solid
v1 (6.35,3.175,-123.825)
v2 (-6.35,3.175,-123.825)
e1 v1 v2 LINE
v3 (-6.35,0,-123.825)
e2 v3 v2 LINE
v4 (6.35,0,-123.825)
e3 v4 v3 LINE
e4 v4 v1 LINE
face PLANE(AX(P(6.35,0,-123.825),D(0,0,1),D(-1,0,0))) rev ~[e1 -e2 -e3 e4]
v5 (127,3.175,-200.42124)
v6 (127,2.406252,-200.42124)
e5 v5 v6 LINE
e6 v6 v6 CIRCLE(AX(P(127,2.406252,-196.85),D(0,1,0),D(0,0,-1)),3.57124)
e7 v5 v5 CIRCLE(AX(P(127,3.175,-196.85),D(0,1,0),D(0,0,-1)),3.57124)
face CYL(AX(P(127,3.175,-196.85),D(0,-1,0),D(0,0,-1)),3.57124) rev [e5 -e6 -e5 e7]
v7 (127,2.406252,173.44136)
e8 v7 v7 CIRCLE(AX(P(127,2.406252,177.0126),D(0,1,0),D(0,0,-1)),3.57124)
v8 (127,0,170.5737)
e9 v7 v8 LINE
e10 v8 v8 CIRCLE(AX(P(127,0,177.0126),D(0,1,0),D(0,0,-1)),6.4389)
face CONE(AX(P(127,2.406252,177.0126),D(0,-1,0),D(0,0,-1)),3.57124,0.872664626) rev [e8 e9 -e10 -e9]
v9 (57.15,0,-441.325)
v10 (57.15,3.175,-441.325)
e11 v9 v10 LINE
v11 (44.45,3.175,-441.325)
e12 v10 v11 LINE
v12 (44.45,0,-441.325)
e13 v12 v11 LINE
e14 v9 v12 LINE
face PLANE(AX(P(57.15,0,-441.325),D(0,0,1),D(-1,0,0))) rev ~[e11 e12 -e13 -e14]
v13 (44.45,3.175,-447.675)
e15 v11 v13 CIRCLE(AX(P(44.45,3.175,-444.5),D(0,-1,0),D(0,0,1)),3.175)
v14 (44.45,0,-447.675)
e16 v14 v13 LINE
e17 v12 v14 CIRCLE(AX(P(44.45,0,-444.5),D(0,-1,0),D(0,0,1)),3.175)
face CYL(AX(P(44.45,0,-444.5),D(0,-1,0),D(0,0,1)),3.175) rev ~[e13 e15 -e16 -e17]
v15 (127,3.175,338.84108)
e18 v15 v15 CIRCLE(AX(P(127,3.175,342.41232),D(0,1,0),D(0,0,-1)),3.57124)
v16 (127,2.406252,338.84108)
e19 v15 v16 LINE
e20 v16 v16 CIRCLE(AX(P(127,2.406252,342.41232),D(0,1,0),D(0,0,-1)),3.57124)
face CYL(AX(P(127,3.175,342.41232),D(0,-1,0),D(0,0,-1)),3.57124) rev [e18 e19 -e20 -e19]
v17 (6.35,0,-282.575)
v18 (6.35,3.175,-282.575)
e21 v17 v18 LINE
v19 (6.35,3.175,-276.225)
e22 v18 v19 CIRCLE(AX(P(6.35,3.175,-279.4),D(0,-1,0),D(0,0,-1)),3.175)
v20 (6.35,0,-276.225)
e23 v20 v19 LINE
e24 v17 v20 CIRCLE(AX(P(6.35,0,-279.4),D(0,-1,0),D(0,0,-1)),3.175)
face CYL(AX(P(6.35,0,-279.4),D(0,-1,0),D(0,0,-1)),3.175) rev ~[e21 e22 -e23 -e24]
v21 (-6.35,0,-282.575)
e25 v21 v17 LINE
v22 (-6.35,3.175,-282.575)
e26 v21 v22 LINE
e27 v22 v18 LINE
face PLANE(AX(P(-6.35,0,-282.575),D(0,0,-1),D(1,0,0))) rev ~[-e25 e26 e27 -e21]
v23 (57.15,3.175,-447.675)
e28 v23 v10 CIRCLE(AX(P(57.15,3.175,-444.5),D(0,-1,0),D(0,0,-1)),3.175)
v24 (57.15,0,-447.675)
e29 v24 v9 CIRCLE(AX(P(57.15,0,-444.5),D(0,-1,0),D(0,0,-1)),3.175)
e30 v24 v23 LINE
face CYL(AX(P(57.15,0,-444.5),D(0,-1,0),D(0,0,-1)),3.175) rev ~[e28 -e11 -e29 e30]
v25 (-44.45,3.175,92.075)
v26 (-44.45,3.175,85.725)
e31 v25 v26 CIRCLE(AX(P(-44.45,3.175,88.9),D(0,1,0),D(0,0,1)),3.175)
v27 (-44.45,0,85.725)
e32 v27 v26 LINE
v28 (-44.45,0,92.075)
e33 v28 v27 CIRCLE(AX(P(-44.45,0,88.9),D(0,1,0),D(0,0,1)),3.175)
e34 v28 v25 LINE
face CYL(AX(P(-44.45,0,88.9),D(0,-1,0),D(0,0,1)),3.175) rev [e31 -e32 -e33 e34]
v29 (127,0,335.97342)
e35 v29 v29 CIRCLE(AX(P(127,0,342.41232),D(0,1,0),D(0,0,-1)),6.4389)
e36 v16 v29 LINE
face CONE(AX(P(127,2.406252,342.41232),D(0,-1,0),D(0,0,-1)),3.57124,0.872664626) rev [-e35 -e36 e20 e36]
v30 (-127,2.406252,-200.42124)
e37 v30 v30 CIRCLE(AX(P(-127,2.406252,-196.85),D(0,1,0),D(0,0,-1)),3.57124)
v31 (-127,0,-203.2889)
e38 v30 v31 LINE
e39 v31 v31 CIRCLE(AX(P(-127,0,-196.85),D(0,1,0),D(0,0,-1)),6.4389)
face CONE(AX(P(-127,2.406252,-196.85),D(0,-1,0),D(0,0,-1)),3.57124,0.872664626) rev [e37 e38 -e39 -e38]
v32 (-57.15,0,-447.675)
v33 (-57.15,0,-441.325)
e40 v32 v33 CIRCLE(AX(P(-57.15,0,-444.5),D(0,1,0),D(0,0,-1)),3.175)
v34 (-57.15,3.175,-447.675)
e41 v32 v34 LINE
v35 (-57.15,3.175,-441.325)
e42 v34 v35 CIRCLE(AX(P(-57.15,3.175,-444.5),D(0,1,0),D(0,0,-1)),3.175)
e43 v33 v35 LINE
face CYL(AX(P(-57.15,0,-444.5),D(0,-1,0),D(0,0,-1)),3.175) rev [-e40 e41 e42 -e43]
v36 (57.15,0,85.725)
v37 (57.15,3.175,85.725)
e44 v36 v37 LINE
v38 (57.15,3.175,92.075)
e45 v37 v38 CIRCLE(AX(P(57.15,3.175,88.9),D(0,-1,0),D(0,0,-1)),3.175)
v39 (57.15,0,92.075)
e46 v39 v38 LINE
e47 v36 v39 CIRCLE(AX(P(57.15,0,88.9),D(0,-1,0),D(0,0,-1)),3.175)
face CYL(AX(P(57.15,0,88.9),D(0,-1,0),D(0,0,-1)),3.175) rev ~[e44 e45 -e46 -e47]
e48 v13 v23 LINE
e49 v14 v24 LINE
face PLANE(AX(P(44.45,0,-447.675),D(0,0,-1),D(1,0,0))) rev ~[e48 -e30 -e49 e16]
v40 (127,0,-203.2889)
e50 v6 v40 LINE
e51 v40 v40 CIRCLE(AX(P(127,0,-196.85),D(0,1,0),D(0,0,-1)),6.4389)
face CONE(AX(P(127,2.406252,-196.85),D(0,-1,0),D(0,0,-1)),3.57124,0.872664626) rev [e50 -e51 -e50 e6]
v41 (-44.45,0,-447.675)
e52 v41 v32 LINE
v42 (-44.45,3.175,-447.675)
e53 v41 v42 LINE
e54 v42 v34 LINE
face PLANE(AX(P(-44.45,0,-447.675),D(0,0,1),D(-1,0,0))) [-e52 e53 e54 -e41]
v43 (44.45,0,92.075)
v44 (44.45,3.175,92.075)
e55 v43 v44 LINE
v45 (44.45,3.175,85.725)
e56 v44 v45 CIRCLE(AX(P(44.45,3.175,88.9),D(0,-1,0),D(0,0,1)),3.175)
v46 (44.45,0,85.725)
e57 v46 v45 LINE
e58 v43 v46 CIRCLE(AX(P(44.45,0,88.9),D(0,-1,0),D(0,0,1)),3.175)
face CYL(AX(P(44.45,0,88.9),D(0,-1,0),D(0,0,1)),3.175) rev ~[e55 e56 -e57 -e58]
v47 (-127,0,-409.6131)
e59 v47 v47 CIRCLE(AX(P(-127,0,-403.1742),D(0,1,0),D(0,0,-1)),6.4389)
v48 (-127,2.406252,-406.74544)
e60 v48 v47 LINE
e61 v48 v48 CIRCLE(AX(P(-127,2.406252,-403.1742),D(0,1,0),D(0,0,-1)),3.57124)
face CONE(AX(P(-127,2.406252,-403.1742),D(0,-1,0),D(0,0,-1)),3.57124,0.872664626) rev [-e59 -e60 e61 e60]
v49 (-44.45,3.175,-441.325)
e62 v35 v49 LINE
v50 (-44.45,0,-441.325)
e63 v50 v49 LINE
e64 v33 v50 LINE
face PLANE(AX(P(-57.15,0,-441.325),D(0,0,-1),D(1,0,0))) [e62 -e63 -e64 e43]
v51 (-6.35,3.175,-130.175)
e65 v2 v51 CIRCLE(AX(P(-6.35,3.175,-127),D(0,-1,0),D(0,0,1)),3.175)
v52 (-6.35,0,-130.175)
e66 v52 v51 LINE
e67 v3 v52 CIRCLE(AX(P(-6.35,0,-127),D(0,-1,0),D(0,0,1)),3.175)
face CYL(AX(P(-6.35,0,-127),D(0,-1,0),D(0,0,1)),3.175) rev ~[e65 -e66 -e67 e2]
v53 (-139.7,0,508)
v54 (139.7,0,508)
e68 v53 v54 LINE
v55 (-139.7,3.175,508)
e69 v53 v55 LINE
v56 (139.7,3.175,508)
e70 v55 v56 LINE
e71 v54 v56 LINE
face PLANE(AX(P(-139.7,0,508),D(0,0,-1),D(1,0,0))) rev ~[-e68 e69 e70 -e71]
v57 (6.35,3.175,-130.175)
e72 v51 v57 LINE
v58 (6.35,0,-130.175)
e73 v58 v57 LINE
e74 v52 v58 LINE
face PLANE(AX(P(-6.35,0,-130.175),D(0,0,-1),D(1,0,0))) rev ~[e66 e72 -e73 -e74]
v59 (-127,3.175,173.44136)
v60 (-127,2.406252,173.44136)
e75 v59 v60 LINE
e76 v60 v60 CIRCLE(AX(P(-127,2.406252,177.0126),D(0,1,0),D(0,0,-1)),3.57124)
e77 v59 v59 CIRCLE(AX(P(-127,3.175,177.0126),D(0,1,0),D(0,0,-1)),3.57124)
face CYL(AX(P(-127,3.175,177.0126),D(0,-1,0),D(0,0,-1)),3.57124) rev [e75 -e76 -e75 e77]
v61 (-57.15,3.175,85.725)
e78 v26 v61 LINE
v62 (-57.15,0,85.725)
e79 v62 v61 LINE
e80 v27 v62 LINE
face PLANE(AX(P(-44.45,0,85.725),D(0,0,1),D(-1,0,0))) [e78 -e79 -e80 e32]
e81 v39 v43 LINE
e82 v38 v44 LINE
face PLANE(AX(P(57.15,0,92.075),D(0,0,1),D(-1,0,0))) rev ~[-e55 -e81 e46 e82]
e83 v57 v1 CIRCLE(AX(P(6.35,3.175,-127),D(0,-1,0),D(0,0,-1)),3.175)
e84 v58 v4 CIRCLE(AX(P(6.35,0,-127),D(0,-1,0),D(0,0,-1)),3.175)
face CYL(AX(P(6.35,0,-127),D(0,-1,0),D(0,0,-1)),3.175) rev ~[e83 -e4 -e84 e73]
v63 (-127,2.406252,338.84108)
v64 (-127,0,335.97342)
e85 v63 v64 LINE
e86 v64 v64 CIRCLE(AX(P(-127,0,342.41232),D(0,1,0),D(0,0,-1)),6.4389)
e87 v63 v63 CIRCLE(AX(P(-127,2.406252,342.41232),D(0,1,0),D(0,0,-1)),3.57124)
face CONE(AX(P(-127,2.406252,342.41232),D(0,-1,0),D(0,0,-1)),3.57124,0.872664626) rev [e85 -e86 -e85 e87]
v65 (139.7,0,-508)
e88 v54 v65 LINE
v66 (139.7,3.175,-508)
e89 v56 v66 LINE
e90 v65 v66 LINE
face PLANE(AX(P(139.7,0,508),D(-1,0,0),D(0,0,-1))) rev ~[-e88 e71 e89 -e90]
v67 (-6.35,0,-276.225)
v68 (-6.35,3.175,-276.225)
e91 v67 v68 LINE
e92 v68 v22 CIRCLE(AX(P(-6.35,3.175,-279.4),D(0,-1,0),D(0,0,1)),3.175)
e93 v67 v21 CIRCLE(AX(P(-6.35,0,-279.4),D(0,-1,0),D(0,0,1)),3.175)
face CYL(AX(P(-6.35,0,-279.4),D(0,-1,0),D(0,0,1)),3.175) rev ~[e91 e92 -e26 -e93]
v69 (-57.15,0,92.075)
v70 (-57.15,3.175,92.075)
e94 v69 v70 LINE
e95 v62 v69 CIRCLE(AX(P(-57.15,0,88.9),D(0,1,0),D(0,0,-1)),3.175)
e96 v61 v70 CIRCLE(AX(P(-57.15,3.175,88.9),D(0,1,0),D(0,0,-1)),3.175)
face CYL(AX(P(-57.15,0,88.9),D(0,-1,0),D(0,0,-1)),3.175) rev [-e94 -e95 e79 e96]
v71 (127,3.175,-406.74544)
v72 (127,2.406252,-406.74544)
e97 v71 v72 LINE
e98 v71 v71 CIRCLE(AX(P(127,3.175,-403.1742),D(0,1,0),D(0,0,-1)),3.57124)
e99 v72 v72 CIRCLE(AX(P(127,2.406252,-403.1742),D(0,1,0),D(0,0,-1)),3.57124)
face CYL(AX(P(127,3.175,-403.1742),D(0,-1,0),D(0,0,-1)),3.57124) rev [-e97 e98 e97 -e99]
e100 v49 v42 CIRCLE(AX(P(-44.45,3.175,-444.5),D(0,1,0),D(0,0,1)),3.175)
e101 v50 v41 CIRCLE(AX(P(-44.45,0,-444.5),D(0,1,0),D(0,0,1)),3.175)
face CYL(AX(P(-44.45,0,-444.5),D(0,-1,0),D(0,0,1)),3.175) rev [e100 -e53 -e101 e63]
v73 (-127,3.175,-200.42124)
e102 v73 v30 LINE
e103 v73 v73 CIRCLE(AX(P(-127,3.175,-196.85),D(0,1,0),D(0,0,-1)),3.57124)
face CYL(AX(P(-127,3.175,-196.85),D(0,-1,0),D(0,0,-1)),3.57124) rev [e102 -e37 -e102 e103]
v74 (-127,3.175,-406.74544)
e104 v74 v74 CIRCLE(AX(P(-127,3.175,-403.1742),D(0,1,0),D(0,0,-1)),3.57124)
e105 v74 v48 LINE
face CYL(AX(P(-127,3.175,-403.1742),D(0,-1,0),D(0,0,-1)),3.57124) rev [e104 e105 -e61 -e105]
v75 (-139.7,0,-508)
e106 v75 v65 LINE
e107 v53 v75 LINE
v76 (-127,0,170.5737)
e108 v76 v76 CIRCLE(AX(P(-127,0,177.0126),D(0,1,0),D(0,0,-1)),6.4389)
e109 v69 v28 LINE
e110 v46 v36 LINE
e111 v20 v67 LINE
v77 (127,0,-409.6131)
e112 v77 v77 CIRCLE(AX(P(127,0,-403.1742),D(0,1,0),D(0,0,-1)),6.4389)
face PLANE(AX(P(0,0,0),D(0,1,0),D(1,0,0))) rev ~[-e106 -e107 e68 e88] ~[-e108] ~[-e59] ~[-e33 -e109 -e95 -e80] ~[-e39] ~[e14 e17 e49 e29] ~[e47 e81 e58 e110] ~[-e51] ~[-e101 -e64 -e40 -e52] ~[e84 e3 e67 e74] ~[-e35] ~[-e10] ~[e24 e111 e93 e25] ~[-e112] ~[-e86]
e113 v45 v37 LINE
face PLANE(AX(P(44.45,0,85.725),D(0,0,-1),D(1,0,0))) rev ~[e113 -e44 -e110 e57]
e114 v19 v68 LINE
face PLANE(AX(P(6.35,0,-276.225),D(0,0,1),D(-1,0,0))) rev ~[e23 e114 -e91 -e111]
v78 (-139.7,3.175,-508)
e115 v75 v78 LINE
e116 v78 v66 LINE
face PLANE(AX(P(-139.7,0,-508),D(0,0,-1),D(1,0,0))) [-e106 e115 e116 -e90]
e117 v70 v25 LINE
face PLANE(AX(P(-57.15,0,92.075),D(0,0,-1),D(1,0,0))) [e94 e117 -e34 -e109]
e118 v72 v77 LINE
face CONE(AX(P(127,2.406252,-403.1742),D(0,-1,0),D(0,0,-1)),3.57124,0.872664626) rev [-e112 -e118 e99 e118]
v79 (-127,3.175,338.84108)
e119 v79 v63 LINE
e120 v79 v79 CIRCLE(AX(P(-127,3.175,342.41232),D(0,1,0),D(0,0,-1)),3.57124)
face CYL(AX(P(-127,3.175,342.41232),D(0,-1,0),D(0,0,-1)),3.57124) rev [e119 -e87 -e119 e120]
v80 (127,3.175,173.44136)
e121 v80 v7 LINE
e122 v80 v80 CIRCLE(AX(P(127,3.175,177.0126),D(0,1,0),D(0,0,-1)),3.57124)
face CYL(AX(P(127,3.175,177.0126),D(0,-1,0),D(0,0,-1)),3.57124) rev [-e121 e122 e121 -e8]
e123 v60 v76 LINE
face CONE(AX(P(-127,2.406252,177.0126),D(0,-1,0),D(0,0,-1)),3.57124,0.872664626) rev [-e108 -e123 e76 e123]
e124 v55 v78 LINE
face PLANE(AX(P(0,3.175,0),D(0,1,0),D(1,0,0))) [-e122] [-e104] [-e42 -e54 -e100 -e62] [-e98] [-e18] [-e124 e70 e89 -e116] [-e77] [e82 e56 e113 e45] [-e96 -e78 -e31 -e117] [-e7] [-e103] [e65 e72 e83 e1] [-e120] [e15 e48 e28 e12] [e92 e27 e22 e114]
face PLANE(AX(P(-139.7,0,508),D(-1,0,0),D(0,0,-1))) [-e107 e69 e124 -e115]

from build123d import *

# Parameters (mm, degrees)
SKETCH1_W                                   = 279.4
SKETCH1_H                                   = 1016
BOSS_EXTRUDE1_DEPTH                         = 3.175
CSK_FOR_1_4_FLAT_HEAD_MACHINE_SCREW_2_COUNT = 2
CSK_FOR_1_4_FLAT_HEAD_MACHINE_SCREW_2_PITCH = 254
CSK_FOR_1_4_FLAT_HEAD_MACHINE_SCREW_3_COUNT = 2
CSK_FOR_1_4_FLAT_HEAD_MACHINE_SCREW_3_PITCH = 303.105703305
CSK_FOR_1_4_FLAT_HEAD_MACHINE_SCREW_4_COUNT = 2
CSK_FOR_1_4_FLAT_HEAD_MACHINE_SCREW_4_PITCH = 165.39972
CSK_FOR_1_4_FLAT_HEAD_MACHINE_SCREW_5_COUNT = 2
CSK_FOR_1_4_FLAT_HEAD_MACHINE_SCREW_5_PITCH = 539.26232
CSK_FOR_1_4_FLAT_HEAD_MACHINE_SCREW_6_COUNT = 2
CSK_FOR_1_4_FLAT_HEAD_MACHINE_SCREW_6_PITCH = 596.087115925
CSK_FOR_1_4_FLAT_HEAD_MACHINE_SCREW_7_COUNT = 2
CSK_FOR_1_4_FLAT_HEAD_MACHINE_SCREW_7_PITCH = 787.664432868
CSK_FOR_1_4_FLAT_HEAD_MACHINE_SCREW_8_COUNT = 2
CSK_FOR_1_4_FLAT_HEAD_MACHINE_SCREW_8_PITCH = 745.58652


with BuildPart() as part:
    # Sketch1 → Boss-Extrude1 (new body)
    with BuildSketch(Plane(origin=(0, 0, 0), x_dir=(1, 0, 0), z_dir=(0, 1, 0))):
        Rectangle(SKETCH1_W, SKETCH1_H)
        with BuildLine():
            Line((44.45, -85.725), (57.15, -85.725))
            ThreePointArc((57.15, -85.725), (60.325, -88.9), (57.15, -92.075))
            Line((57.15, -92.075), (44.45, -92.075))
            ThreePointArc((44.45, -92.075), (41.275, -88.9), (44.45, -85.725))
        make_face(mode=Mode.SUBTRACT)
        with BuildLine():
            Line((-44.45, -85.725), (-57.15, -85.725))
            ThreePointArc((-57.15, -85.725), (-60.325, -88.9), (-57.15, -92.075))
            Line((-57.15, -92.075), (-44.45, -92.075))
            ThreePointArc((-44.45, -92.075), (-41.275, -88.9), (-44.45, -85.725))
        make_face(mode=Mode.SUBTRACT)
        with BuildLine():
            Line((57.15, 441.325), (44.45, 441.325))
            ThreePointArc((44.45, 441.325), (41.275, 444.5), (44.45, 447.675))
            Line((44.45, 447.675), (57.15, 447.675))
            ThreePointArc((57.15, 447.675), (60.325, 444.5), (57.15, 441.325))
        make_face(mode=Mode.SUBTRACT)
        with BuildLine():
            Line((-57.15, 441.325), (-44.45, 441.325))
            ThreePointArc((-44.45, 441.325), (-41.275, 444.5), (-44.45, 447.675))
            Line((-44.45, 447.675), (-57.15, 447.675))
            ThreePointArc((-57.15, 447.675), (-60.325, 444.5), (-57.15, 441.325))
        make_face(mode=Mode.SUBTRACT)
        with BuildLine():
            Line((6.35, 276.225), (-6.35, 276.225))
            ThreePointArc((-6.35, 276.225), (-9.525, 279.4), (-6.35, 282.575))
            Line((-6.35, 282.575), (6.35, 282.575))
            ThreePointArc((6.35, 282.575), (9.525, 279.4), (6.35, 276.225))
        make_face(mode=Mode.SUBTRACT)
        with BuildLine():
            Line((-6.35, 130.175), (6.35, 130.175))
            ThreePointArc((6.35, 130.175), (9.525, 127), (6.35, 123.825))
            Line((6.35, 123.825), (-6.35, 123.825))
            ThreePointArc((-6.35, 123.825), (-9.525, 127), (-6.35, 130.175))
        make_face(mode=Mode.SUBTRACT)
    extrude(amount=BOSS_EXTRUDE1_DEPTH)

    # Sketch5 → CSK for 1/4 Flat Head Machine Screw (100)1 (revolve, cut)
    with BuildSketch(Plane(origin=(-127, 0, 342.41232), x_dir=(0, 0, -1), z_dir=(1, 0, 0))):
        Polygon((0, 0), (0, 3.175), (3.57124, 3.175), (3.57124, 2.406252448), (6.4389, 0), align=None)
    csk_for_1_4_flat_head_machine_screw_100 = revolve(axis=Axis((-127, -6.35, 342.41232), (0, 1, 0)), mode=Mode.SUBTRACT)

    # CSK for 1_4 Flat Head Machine Screw  2: CSK for 1/4 Flat Head Machine Screw (100)1 ×2
    with Locations(*[(i * CSK_FOR_1_4_FLAT_HEAD_MACHINE_SCREW_2_PITCH, 0, 0) for i in range(1, CSK_FOR_1_4_FLAT_HEAD_MACHINE_SCREW_2_COUNT)]):
        add(csk_for_1_4_flat_head_machine_screw_100, mode=Mode.SUBTRACT)

    # CSK for 1_4 Flat Head Machine Screw  3: CSK for 1/4 Flat Head Machine Screw (100)1 ×2
    with Locations(*[Vector(0.8379914901974974, 0, -0.5456832985868064) * (i * CSK_FOR_1_4_FLAT_HEAD_MACHINE_SCREW_3_PITCH) for i in range(1, CSK_FOR_1_4_FLAT_HEAD_MACHINE_SCREW_3_COUNT)]):
        add(csk_for_1_4_flat_head_machine_screw_100, mode=Mode.SUBTRACT)

    # CSK for 1_4 Flat Head Machine Screw  4: CSK for 1/4 Flat Head Machine Screw (100)1 ×2
    with Locations(*[(0, 0, -i * CSK_FOR_1_4_FLAT_HEAD_MACHINE_SCREW_4_PITCH) for i in range(1, CSK_FOR_1_4_FLAT_HEAD_MACHINE_SCREW_4_COUNT)]):
        add(csk_for_1_4_flat_head_machine_screw_100, mode=Mode.SUBTRACT)

    # CSK for 1_4 Flat Head Machine Screw  5: CSK for 1/4 Flat Head Machine Screw (100)1 ×2
    with Locations(*[(0, 0, -i * CSK_FOR_1_4_FLAT_HEAD_MACHINE_SCREW_5_PITCH) for i in range(1, CSK_FOR_1_4_FLAT_HEAD_MACHINE_SCREW_5_COUNT)]):
        add(csk_for_1_4_flat_head_machine_screw_100, mode=Mode.SUBTRACT)

    # CSK for 1_4 Flat Head Machine Screw  6: CSK for 1/4 Flat Head Machine Screw (100)1 ×2
    with Locations(*[Vector(0.4261122128195085, 0, -0.9046703167928425) * (i * CSK_FOR_1_4_FLAT_HEAD_MACHINE_SCREW_6_PITCH) for i in range(1, CSK_FOR_1_4_FLAT_HEAD_MACHINE_SCREW_6_COUNT)]):
        add(csk_for_1_4_flat_head_machine_screw_100, mode=Mode.SUBTRACT)

    # CSK for 1_4 Flat Head Machine Screw  7: CSK for 1/4 Flat Head Machine Screw (100)1 ×2
    with Locations(*[Vector(0.3224723491386537, 0, -0.9465788842146218) * (i * CSK_FOR_1_4_FLAT_HEAD_MACHINE_SCREW_7_PITCH) for i in range(1, CSK_FOR_1_4_FLAT_HEAD_MACHINE_SCREW_7_COUNT)]):
        add(csk_for_1_4_flat_head_machine_screw_100, mode=Mode.SUBTRACT)

    # CSK for 1_4 Flat Head Machine Screw  8: CSK for 1/4 Flat Head Machine Screw (100)1 ×2
    with Locations(*[(0, 0, -i * CSK_FOR_1_4_FLAT_HEAD_MACHINE_SCREW_8_PITCH) for i in range(1, CSK_FOR_1_4_FLAT_HEAD_MACHINE_SCREW_8_COUNT)]):
        add(csk_for_1_4_flat_head_machine_screw_100, mode=Mode.SUBTRACT)


solid = part.part
